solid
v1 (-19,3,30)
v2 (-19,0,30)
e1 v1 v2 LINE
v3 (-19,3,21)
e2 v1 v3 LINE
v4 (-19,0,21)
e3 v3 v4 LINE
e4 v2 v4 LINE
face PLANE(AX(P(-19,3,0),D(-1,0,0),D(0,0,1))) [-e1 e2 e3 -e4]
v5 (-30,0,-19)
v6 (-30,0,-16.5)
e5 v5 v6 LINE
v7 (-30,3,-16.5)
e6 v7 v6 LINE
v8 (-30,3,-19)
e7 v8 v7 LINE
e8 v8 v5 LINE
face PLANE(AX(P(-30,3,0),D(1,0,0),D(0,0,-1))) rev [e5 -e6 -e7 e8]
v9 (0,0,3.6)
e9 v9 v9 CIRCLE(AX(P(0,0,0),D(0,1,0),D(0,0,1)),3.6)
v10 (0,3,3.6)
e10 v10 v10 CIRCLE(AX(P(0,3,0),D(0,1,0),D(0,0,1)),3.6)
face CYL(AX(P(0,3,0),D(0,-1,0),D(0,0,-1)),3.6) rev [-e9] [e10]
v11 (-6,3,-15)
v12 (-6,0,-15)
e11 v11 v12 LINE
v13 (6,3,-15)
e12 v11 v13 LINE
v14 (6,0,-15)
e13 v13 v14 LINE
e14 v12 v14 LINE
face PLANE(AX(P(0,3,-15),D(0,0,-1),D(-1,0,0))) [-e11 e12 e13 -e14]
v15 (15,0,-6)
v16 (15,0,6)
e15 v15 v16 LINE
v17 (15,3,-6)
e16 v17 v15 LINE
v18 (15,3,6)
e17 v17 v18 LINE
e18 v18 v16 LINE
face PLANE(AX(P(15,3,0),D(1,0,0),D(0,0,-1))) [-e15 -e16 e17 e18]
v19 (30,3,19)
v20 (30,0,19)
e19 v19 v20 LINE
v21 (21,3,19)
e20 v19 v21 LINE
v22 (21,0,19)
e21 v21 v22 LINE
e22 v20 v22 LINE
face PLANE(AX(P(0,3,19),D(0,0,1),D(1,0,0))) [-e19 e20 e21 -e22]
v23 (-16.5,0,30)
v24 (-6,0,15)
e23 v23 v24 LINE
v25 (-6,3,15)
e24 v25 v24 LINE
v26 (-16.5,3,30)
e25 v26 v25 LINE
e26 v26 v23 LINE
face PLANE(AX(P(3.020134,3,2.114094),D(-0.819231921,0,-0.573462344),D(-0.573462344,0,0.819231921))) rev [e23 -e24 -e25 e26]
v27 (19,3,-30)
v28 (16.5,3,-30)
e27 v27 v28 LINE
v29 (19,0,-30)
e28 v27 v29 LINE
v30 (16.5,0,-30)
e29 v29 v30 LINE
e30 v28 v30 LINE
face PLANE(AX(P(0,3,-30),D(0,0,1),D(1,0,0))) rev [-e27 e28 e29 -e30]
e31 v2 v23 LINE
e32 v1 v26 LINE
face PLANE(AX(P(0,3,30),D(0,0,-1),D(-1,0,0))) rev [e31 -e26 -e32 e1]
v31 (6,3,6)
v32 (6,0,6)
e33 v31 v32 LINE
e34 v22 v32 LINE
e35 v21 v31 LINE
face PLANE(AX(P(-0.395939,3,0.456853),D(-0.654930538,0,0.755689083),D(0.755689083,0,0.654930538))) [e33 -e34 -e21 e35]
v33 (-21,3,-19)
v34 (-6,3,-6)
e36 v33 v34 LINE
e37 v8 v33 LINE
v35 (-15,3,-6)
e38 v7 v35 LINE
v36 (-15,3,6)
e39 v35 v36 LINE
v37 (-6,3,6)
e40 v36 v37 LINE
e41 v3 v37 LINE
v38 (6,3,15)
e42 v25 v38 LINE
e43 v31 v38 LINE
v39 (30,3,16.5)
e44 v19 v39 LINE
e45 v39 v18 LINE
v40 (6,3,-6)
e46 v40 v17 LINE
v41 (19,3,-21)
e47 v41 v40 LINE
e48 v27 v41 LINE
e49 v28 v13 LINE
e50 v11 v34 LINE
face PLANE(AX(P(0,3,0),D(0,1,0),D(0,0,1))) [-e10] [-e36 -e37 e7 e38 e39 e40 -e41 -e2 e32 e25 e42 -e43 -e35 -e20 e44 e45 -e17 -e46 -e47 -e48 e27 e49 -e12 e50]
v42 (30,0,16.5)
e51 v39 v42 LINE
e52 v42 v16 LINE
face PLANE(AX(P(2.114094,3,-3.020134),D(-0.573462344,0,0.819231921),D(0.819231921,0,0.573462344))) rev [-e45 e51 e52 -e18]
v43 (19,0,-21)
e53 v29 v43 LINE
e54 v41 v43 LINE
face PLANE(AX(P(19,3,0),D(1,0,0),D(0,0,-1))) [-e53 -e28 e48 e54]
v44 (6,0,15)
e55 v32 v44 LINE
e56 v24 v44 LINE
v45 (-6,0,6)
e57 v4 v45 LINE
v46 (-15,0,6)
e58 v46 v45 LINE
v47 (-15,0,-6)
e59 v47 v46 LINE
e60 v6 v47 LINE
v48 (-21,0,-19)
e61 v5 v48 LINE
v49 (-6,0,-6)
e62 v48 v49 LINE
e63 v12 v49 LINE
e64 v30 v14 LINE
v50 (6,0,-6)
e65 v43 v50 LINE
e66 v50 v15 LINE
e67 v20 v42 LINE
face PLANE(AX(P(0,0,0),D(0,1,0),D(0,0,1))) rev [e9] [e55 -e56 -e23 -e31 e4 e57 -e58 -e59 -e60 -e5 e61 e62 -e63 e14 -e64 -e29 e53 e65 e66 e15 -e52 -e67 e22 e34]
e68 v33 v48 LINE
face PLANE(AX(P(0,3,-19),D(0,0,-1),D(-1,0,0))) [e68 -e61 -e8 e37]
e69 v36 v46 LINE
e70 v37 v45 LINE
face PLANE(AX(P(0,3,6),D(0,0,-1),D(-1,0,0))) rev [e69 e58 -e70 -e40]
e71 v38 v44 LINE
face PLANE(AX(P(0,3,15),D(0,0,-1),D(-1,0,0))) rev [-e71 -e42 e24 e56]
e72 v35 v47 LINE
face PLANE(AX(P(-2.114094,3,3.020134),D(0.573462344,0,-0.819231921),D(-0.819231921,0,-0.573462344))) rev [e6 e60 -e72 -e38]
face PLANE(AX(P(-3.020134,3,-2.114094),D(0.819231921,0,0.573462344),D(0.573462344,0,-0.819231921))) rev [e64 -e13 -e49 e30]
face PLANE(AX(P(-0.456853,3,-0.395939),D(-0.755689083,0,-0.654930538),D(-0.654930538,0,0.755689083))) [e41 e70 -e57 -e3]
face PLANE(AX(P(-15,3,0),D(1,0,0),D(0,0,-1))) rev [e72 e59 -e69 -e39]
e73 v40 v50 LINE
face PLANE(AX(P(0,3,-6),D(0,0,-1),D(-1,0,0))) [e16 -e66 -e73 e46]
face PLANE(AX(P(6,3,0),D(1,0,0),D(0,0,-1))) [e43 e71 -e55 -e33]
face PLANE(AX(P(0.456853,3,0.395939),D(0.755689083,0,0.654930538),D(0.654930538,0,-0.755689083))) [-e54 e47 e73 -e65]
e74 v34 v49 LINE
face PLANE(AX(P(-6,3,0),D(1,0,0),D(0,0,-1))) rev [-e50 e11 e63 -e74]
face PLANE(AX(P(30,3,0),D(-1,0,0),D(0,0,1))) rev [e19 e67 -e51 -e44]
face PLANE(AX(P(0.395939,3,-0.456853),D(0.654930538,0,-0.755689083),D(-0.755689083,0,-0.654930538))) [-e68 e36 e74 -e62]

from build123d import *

# Parameters (mm, degrees)
SKETCH1_W           = 9
SKETCH1_H           = 2.5
SKETCH1_W_2         = 12
SKETCH1_H_2         = 9
SKETCH1_H_3         = 12
SKETCH1_R           = 3.6
SKETCH1_W_3         = 2.5
BOSS_EXTRUDE2_DEPTH = 3


with BuildPart() as part:
    # Sketch1 → Boss-Extrude2 (new body)
    # profile 1 of 13: a face of its own
    with BuildSketch(Plane(origin=(0, 0, 0), x_dir=(1, 0, 0), z_dir=(0, 1, 0))):
        Polygon((-6, 6), (-21, 19), (-21, 16.5), (-30, 16.5), (-15, 6), align=None)
    # profile 2 of 13: a face of its own
    with BuildSketch(Plane(origin=(0, 0, 0), x_dir=(1, 0, 0), z_dir=(0, 1, 0))):
        with Locations((-25.5, 17.75)):
            Rectangle(SKETCH1_W, SKETCH1_H)
    # profile 3 of 13: a face of its own
    with BuildSketch(Plane(origin=(0, 0, 0), x_dir=(1, 0, 0), z_dir=(0, 1, 0))):
        with Locations((0, 10.5)):
            Rectangle(SKETCH1_W_2, SKETCH1_H_2)
    # profile 4 of 13: a face of its own
    with BuildSketch(Plane(origin=(0, 0, 0), x_dir=(1, 0, 0), z_dir=(0, 1, 0))):
        with Locations((-10.5, 0)):
            Rectangle(SKETCH1_W, SKETCH1_H_3)
    # profile 5 of 13: a face of its own
    with BuildSketch(Plane(origin=(0, 0, 0), x_dir=(1, 0, 0), z_dir=(0, 1, 0))):
        Rectangle(SKETCH1_W_2, SKETCH1_H_3)
        with Locations(Location((0, 0, 0), (0, 0, 270))):
            Circle(SKETCH1_R, mode=Mode.SUBTRACT)
    # profile 6 of 13: a face of its own
    with BuildSketch(Plane(origin=(0, 0, 0), x_dir=(1, 0, 0), z_dir=(0, 1, 0))):
        with Locations((10.5, 0)):
            Rectangle(SKETCH1_W, SKETCH1_H_3)
    # profile 7 of 13: a face of its own
    with BuildSketch(Plane(origin=(0, 0, 0), x_dir=(1, 0, 0), z_dir=(0, 1, 0))):
        with Locations((0, -10.5)):
            Rectangle(SKETCH1_W_2, SKETCH1_H_2)
    # profile 8 of 13: a face of its own
    with BuildSketch(Plane(origin=(0, 0, 0), x_dir=(1, 0, 0), z_dir=(0, 1, 0))):
        Polygon((-6, -15), (-6, -6), (-19, -21), (-16.5, -21), (-16.5, -30), align=None)
    # profile 9 of 13: a face of its own
    with BuildSketch(Plane(origin=(0, 0, 0), x_dir=(1, 0, 0), z_dir=(0, 1, 0))):
        with Locations((-17.75, -25.5)):
            Rectangle(SKETCH1_W_3, SKETCH1_H_2)
    # profile 10 of 13: a face of its own
    with BuildSketch(Plane(origin=(0, 0, 0), x_dir=(1, 0, 0), z_dir=(0, 1, 0))):
        Polygon((15, -6), (6, -6), (21, -19), (21, -16.5), (30, -16.5), align=None)
    # profile 11 of 13: a face of its own
    with BuildSketch(Plane(origin=(0, 0, 0), x_dir=(1, 0, 0), z_dir=(0, 1, 0))):
        with Locations((25.5, -17.75)):
            Rectangle(SKETCH1_W, SKETCH1_H)
    # profile 12 of 13: a face of its own
    with BuildSketch(Plane(origin=(0, 0, 0), x_dir=(1, 0, 0), z_dir=(0, 1, 0))):
        Polygon((6, 15), (6, 6), (19, 21), (16.5, 21), (16.5, 30), align=None)
    # profile 13 of 13: a face of its own
    with BuildSketch(Plane(origin=(0, 0, 0), x_dir=(1, 0, 0), z_dir=(0, 1, 0))):
        with Locations((17.75, 25.5)):
            Rectangle(SKETCH1_W_3, SKETCH1_H_2)
    extrude(amount=BOSS_EXTRUDE2_DEPTH)


solid = part.part
